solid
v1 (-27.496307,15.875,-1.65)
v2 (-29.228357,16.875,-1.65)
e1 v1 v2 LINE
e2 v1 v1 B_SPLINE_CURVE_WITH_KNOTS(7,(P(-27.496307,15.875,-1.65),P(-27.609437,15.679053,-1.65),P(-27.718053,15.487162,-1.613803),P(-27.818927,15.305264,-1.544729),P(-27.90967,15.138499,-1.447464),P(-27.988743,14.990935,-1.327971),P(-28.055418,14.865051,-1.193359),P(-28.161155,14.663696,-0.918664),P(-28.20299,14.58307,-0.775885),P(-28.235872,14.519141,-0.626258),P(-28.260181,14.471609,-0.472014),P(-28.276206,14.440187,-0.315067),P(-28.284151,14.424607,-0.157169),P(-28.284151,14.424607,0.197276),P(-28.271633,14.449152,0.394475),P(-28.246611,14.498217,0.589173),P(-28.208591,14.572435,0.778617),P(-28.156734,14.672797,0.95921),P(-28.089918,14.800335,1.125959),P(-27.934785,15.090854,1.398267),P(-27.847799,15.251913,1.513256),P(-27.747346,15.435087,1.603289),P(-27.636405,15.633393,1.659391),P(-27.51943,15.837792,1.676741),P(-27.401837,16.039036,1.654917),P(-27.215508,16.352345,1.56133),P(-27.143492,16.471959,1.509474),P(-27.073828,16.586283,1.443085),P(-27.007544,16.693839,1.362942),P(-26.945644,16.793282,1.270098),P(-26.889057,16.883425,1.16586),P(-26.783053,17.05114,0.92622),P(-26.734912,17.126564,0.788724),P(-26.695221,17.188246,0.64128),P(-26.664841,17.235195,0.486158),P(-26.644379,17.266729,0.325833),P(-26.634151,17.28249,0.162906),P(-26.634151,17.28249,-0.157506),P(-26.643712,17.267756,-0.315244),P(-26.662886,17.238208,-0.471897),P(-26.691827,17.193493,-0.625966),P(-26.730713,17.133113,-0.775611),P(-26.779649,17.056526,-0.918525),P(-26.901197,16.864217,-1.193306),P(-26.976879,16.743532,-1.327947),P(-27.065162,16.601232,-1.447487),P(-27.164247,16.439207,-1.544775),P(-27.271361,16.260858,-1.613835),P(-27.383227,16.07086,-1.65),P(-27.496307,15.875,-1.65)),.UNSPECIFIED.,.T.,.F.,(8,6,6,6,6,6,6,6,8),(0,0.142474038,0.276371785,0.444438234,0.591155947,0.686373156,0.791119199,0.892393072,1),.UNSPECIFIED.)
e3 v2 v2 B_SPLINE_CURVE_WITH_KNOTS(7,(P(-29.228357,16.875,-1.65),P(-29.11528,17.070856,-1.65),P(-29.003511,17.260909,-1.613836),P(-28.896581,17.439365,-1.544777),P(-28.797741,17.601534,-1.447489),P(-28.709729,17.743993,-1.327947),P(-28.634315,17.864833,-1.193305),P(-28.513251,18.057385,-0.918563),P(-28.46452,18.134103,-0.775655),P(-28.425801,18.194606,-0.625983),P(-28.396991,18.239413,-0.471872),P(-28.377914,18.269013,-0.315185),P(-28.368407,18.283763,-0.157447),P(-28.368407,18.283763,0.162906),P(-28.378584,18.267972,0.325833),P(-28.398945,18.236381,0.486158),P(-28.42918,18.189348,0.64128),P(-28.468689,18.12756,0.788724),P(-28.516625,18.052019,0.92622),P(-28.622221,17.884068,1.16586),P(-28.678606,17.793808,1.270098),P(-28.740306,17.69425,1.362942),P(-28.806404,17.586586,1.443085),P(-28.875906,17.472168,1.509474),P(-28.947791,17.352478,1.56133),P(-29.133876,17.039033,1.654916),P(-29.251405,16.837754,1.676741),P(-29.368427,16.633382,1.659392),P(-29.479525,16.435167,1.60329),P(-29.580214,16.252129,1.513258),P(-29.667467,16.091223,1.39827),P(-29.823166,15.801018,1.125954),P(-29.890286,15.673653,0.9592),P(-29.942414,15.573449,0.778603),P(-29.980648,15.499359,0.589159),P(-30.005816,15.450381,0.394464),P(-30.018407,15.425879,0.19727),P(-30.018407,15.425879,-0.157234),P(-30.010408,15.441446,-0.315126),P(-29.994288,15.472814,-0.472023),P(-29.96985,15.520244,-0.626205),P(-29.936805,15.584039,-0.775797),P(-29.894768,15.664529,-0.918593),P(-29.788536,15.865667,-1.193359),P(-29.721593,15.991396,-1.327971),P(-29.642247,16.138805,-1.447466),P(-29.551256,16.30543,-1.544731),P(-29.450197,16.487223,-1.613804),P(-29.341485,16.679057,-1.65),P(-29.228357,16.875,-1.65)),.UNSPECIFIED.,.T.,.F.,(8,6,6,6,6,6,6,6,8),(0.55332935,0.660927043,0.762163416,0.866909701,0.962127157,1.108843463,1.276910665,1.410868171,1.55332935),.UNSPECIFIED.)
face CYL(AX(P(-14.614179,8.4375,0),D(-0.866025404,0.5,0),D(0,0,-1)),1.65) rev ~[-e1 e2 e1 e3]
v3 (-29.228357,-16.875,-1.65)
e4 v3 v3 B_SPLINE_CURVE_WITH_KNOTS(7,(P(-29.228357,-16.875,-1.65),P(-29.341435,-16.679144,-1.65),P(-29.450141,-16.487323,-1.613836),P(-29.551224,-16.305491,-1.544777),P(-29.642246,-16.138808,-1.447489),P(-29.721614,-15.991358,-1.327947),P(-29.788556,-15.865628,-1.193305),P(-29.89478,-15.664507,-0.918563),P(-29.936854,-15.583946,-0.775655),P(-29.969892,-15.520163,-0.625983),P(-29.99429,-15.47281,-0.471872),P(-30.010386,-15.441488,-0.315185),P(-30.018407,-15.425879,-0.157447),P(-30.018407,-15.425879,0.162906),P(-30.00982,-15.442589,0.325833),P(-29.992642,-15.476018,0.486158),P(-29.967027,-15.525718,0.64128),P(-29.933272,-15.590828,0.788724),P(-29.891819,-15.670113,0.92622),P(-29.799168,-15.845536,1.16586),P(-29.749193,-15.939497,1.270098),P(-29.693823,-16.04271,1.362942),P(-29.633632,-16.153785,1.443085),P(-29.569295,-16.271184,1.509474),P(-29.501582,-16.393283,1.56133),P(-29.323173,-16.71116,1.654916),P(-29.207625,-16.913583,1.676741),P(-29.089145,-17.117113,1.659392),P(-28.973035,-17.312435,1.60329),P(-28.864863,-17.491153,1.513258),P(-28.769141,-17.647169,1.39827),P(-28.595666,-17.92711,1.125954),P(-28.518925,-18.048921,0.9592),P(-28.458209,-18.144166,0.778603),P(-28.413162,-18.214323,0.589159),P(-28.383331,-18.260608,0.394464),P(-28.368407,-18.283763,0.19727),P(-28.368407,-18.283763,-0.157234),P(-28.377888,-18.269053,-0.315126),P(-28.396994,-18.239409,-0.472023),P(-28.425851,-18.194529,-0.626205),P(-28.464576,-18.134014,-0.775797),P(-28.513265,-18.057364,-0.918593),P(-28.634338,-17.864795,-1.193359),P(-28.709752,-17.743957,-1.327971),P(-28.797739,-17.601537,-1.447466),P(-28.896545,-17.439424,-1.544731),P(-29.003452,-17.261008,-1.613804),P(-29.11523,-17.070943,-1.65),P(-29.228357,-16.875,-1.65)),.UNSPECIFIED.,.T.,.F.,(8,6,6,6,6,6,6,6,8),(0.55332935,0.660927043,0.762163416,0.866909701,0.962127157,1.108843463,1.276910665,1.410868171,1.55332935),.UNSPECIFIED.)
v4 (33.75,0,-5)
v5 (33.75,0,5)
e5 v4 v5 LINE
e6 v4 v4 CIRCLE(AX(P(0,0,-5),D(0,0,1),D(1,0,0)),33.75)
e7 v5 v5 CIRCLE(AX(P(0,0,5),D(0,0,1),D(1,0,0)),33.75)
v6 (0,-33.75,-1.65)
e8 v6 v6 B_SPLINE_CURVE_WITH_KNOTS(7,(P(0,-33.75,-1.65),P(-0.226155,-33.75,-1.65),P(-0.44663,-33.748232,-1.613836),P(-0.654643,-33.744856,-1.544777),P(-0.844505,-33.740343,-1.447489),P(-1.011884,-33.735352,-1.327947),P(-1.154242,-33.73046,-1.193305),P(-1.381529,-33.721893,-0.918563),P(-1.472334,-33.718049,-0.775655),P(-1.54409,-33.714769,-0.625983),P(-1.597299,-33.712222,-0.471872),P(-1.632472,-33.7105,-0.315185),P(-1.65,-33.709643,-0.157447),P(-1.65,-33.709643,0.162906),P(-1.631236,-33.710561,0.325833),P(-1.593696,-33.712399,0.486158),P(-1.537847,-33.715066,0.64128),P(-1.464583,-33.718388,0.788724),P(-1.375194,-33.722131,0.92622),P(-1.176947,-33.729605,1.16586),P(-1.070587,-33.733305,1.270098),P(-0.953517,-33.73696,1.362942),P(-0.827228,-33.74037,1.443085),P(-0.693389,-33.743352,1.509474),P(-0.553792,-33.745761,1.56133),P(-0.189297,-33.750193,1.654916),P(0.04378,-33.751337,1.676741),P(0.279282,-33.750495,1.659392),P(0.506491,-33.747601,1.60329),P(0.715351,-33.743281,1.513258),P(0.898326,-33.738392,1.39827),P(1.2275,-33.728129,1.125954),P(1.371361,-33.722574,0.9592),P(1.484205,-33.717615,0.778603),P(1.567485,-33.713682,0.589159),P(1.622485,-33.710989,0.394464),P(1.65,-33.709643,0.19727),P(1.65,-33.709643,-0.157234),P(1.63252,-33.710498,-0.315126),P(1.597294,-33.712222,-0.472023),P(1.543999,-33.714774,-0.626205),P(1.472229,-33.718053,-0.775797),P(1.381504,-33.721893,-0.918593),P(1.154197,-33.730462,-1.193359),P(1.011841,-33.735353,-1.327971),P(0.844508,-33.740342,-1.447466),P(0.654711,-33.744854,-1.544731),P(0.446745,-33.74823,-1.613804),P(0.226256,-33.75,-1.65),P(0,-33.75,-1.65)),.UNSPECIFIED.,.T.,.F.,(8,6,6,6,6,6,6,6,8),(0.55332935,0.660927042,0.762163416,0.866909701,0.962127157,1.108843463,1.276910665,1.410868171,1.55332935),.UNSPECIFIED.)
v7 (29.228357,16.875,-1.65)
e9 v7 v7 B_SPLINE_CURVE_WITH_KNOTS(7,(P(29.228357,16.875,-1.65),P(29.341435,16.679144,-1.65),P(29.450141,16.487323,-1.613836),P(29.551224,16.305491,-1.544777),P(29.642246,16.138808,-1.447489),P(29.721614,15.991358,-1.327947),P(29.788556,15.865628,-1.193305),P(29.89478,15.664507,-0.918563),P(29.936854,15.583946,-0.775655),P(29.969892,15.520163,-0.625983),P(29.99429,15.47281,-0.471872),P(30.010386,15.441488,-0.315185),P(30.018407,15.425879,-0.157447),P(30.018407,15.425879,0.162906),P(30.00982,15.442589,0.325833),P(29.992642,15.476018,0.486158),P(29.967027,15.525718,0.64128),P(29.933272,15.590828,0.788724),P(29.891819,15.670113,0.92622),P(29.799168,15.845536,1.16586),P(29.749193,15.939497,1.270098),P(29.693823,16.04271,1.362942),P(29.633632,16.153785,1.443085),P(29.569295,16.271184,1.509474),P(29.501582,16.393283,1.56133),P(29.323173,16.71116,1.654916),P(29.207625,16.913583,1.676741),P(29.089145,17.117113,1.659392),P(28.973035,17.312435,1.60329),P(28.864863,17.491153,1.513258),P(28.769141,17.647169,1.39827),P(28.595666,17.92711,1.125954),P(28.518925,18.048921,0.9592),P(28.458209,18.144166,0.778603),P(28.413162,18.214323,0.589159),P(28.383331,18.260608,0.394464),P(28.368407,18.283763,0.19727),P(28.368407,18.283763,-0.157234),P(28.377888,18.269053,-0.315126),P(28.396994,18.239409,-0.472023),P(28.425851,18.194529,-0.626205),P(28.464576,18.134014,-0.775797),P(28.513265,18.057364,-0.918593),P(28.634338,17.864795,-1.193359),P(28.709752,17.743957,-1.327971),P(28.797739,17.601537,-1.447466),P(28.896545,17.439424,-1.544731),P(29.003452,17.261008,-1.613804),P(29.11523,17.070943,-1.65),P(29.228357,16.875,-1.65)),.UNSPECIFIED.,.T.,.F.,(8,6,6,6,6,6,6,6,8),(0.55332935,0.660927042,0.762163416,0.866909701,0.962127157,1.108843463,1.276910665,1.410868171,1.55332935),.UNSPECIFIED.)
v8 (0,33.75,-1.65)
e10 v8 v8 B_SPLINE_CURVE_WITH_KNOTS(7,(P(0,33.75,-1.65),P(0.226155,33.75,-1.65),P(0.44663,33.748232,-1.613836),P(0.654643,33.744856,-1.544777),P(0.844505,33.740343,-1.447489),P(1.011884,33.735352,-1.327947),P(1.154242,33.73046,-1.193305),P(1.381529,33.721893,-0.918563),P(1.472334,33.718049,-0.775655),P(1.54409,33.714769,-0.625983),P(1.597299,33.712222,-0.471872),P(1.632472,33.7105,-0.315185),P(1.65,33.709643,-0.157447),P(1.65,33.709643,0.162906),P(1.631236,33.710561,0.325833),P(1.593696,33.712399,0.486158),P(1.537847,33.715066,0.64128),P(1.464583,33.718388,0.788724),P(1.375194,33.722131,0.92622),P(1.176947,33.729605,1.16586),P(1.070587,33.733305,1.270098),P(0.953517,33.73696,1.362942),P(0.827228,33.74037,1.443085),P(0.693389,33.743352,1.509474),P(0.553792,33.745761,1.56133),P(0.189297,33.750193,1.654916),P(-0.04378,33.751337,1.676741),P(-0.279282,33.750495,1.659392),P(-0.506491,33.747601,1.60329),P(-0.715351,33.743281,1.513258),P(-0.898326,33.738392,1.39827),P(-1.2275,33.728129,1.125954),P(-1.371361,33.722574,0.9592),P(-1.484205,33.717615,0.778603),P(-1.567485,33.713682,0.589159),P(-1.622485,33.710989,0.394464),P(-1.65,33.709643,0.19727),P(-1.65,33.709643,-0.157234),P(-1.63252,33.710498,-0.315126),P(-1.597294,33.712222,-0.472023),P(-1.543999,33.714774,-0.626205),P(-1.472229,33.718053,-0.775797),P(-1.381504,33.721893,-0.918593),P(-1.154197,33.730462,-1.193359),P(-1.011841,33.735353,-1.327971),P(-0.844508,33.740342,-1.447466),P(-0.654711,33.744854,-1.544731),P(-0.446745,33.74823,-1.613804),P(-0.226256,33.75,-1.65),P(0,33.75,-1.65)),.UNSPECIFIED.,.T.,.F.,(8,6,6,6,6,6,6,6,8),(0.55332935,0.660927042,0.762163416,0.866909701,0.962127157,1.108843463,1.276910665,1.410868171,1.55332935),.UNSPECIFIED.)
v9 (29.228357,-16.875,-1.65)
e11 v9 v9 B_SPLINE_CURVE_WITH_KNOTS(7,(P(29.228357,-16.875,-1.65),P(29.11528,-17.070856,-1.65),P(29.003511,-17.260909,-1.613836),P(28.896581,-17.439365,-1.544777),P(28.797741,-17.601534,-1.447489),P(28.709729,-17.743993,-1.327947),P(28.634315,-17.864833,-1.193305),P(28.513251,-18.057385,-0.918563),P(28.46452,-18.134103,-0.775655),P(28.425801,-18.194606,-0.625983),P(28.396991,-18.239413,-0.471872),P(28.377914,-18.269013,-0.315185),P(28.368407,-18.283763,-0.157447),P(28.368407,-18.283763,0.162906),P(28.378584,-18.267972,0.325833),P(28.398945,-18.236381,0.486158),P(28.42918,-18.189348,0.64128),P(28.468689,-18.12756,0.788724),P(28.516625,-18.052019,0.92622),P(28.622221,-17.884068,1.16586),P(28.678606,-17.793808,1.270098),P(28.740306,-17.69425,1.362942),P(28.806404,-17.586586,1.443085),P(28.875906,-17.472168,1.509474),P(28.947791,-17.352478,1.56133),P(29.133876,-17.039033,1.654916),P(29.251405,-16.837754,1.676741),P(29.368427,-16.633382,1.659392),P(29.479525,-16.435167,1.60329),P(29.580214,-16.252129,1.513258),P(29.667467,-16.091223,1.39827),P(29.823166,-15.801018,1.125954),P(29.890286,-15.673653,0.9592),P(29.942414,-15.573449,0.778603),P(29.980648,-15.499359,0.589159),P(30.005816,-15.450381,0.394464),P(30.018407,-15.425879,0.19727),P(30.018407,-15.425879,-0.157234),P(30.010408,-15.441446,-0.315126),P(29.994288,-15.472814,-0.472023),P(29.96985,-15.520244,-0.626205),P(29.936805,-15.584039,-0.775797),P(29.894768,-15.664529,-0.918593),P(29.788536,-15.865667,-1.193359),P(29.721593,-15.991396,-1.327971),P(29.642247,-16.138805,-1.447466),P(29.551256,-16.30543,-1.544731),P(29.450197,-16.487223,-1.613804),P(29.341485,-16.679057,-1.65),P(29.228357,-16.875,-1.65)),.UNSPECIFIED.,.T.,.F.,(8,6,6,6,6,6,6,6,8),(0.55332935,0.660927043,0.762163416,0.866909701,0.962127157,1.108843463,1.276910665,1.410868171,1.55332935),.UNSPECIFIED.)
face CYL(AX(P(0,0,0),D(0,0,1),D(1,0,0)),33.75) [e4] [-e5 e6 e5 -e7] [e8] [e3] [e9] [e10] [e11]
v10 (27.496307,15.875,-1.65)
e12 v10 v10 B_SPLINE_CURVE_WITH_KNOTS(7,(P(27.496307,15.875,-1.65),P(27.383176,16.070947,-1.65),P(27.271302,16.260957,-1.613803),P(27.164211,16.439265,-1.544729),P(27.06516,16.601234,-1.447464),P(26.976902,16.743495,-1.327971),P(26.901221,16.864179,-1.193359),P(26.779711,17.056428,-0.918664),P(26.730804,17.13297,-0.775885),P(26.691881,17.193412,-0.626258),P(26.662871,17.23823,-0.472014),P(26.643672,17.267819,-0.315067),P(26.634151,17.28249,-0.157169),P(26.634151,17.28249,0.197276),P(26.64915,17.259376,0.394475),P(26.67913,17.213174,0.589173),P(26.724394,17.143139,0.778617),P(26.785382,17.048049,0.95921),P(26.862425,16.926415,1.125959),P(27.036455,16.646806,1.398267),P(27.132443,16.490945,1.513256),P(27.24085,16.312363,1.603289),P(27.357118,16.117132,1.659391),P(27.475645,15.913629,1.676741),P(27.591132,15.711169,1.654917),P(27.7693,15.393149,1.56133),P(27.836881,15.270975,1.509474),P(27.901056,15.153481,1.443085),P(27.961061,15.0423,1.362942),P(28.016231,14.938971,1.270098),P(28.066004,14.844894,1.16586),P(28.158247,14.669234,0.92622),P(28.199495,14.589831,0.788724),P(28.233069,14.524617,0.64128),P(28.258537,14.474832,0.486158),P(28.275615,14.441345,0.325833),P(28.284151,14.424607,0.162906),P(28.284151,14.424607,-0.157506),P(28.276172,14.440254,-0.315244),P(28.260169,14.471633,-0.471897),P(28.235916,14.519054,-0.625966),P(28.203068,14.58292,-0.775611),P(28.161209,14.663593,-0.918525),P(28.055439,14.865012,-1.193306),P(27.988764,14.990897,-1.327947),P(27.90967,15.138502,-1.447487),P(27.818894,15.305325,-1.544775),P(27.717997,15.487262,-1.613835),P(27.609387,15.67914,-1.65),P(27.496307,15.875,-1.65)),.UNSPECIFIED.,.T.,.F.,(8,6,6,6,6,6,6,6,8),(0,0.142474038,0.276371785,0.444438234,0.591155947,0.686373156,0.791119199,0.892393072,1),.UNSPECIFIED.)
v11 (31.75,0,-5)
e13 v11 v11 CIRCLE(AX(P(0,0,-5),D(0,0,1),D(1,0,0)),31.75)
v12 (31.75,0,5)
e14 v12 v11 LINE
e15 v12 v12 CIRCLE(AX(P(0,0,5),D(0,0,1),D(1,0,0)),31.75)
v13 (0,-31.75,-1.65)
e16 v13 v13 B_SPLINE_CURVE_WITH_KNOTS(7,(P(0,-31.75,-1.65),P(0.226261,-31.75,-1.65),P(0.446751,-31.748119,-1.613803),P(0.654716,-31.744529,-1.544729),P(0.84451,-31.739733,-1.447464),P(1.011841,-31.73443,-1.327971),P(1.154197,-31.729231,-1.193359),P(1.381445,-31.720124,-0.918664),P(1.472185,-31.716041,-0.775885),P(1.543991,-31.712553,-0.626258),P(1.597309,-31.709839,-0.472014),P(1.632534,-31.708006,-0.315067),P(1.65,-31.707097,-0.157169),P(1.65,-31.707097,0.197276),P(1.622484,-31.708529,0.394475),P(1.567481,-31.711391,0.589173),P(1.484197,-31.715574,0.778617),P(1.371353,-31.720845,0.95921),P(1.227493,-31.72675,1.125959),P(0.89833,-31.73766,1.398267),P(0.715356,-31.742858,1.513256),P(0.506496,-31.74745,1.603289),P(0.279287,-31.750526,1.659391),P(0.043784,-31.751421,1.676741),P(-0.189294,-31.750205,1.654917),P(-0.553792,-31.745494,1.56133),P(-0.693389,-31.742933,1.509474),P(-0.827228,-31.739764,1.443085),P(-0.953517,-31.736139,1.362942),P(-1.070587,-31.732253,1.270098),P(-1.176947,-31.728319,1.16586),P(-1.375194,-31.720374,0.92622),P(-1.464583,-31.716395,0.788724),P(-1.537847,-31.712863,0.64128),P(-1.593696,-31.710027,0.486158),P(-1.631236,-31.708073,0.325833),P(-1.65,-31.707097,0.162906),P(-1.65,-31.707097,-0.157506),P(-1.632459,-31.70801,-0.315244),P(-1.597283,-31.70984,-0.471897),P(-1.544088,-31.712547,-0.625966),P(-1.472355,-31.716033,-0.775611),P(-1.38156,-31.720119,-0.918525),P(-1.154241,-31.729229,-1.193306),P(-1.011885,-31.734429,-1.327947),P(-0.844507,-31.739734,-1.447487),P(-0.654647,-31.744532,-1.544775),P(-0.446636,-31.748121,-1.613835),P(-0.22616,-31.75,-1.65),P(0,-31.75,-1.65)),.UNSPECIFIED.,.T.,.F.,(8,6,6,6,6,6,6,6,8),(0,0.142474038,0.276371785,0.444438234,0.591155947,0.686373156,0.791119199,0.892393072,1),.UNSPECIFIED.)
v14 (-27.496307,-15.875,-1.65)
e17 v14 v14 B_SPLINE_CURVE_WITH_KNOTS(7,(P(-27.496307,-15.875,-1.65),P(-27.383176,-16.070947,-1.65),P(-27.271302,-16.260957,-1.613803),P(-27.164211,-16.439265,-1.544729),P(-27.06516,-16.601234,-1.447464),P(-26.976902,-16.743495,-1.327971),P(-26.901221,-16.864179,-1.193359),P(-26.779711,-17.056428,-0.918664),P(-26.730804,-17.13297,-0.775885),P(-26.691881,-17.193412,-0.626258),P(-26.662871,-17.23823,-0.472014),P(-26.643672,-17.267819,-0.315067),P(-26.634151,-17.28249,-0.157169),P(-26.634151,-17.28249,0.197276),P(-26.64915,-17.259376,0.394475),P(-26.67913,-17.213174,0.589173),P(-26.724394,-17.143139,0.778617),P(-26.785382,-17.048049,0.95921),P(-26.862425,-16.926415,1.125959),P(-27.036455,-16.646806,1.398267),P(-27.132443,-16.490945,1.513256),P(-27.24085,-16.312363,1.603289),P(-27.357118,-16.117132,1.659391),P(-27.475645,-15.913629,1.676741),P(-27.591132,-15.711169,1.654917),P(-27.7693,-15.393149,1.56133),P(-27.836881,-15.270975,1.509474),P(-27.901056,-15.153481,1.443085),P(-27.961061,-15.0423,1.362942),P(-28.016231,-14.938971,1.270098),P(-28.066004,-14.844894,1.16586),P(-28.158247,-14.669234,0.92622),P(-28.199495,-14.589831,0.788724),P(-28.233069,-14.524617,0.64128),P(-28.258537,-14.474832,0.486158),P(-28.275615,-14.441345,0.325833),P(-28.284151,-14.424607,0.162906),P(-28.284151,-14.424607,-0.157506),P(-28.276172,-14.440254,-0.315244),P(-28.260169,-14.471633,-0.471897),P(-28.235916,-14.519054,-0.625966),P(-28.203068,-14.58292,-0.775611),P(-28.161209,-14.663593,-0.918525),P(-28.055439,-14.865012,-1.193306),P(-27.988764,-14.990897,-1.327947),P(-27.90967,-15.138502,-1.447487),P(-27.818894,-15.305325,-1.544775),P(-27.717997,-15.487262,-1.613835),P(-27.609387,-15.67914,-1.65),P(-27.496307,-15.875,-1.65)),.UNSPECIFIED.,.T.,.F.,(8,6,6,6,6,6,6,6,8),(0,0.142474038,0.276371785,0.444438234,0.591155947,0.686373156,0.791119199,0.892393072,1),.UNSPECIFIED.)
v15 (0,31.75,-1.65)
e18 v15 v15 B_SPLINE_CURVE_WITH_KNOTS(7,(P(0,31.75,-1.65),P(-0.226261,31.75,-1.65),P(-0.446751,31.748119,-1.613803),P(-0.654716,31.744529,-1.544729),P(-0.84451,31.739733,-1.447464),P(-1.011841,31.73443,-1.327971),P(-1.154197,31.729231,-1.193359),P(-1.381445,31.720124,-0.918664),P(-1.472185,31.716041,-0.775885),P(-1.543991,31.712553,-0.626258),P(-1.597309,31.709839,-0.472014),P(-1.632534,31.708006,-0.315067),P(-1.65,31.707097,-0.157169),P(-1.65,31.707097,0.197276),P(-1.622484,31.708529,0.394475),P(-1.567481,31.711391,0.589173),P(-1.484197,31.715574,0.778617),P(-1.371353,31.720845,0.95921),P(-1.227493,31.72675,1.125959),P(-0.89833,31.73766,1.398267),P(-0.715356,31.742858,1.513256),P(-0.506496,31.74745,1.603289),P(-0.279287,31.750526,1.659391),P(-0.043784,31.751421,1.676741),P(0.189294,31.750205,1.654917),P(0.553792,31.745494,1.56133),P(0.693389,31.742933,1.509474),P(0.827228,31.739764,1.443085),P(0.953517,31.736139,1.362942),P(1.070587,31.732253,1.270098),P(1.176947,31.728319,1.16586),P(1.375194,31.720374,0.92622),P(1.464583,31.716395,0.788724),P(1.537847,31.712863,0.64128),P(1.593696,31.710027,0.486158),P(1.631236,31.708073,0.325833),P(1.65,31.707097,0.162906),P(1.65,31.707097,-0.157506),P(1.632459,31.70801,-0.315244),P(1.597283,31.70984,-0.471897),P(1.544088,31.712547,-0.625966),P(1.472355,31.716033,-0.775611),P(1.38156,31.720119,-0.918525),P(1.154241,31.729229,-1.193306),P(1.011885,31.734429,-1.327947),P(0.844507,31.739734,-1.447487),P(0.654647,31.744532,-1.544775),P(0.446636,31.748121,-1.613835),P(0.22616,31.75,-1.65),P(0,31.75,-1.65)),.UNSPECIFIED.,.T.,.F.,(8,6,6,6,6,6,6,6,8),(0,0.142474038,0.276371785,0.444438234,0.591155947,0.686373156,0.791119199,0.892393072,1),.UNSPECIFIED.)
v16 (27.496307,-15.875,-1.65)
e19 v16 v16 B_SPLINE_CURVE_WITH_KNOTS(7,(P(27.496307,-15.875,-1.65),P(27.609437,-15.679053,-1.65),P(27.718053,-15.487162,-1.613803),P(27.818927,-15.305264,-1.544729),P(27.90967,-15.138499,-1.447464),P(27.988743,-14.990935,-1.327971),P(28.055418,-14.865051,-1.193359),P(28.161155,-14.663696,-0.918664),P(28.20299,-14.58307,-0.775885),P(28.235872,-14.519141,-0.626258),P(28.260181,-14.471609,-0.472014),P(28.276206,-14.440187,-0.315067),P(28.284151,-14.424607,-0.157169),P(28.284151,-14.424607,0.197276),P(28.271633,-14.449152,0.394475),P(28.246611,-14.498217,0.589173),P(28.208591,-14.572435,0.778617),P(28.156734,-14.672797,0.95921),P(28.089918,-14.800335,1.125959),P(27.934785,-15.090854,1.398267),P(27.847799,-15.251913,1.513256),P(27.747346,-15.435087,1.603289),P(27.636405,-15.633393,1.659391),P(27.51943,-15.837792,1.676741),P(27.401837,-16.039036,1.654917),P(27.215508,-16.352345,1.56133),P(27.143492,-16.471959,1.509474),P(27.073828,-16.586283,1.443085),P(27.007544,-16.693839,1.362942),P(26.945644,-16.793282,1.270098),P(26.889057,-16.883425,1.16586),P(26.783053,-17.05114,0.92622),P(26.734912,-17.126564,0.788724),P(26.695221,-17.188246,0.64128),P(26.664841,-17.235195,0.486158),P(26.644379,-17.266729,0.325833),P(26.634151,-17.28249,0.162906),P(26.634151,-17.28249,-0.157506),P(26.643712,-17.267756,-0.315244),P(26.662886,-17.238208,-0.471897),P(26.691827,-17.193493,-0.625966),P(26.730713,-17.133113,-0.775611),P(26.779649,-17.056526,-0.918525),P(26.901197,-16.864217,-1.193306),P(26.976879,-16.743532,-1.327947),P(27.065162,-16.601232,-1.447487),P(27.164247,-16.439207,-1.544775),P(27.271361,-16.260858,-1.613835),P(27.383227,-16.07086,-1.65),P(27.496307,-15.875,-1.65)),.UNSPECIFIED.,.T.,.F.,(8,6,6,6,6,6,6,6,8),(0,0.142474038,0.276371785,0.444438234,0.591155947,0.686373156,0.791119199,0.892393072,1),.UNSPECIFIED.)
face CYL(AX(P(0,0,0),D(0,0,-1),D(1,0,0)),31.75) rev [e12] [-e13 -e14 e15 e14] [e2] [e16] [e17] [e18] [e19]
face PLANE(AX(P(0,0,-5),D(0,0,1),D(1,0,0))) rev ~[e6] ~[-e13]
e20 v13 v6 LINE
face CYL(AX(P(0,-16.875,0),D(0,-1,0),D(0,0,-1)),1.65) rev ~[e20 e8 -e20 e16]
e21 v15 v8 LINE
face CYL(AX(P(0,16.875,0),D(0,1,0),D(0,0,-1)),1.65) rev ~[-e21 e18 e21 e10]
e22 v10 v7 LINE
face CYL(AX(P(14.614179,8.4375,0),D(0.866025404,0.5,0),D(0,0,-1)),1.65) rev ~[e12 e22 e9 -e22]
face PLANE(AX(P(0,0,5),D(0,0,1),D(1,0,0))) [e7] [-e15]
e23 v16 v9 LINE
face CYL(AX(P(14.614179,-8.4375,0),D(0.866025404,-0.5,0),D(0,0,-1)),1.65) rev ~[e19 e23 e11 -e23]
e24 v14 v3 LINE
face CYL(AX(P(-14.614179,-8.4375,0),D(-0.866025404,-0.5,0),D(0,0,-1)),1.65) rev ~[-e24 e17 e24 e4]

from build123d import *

# Parameters (mm, degrees)
SKETCH1_R           = 33.75
SKETCH1_R_2         = 31.75
BOSS_EXTRUDE1_DEPTH = 5
SKETCH3_W           = 1.65
SKETCH3_H           = 33.75
CIRPATTERN1_COUNT   = 6


with BuildPart() as part:
    # Sketch1 → Boss-Extrude1 (new, symmetric)
    with BuildSketch(Plane.XY):
        Circle(SKETCH1_R)
        Circle(SKETCH1_R_2, mode=Mode.SUBTRACT)
    extrude(amount=BOSS_EXTRUDE1_DEPTH, both=True)

    # Sketch3 → M4x0.7 Tapped Hole1 (revolve, cut)
    with BuildSketch(Plane(origin=(0, 0, 0), x_dir=(0, 0, -1), z_dir=(1, 0, 0))):
        with Locations((0.825, 16.875)):
            Rectangle(SKETCH3_W, SKETCH3_H)
    m4x0_7_tapped_hole1 = revolve(axis=Axis((0, -6.35, 0), (0, 1, 0)), mode=Mode.SUBTRACT)

    # CirPattern1: M4x0.7 Tapped Hole1 ×6 about axis
    cirpattern1_axis = Axis((0, 0, 5), (0, 0, -1))
    for i in range(1, CIRPATTERN1_COUNT):
        add(m4x0_7_tapped_hole1.rotate(cirpattern1_axis, i * 360 / CIRPATTERN1_COUNT), mode=Mode.SUBTRACT)


solid = part.part
